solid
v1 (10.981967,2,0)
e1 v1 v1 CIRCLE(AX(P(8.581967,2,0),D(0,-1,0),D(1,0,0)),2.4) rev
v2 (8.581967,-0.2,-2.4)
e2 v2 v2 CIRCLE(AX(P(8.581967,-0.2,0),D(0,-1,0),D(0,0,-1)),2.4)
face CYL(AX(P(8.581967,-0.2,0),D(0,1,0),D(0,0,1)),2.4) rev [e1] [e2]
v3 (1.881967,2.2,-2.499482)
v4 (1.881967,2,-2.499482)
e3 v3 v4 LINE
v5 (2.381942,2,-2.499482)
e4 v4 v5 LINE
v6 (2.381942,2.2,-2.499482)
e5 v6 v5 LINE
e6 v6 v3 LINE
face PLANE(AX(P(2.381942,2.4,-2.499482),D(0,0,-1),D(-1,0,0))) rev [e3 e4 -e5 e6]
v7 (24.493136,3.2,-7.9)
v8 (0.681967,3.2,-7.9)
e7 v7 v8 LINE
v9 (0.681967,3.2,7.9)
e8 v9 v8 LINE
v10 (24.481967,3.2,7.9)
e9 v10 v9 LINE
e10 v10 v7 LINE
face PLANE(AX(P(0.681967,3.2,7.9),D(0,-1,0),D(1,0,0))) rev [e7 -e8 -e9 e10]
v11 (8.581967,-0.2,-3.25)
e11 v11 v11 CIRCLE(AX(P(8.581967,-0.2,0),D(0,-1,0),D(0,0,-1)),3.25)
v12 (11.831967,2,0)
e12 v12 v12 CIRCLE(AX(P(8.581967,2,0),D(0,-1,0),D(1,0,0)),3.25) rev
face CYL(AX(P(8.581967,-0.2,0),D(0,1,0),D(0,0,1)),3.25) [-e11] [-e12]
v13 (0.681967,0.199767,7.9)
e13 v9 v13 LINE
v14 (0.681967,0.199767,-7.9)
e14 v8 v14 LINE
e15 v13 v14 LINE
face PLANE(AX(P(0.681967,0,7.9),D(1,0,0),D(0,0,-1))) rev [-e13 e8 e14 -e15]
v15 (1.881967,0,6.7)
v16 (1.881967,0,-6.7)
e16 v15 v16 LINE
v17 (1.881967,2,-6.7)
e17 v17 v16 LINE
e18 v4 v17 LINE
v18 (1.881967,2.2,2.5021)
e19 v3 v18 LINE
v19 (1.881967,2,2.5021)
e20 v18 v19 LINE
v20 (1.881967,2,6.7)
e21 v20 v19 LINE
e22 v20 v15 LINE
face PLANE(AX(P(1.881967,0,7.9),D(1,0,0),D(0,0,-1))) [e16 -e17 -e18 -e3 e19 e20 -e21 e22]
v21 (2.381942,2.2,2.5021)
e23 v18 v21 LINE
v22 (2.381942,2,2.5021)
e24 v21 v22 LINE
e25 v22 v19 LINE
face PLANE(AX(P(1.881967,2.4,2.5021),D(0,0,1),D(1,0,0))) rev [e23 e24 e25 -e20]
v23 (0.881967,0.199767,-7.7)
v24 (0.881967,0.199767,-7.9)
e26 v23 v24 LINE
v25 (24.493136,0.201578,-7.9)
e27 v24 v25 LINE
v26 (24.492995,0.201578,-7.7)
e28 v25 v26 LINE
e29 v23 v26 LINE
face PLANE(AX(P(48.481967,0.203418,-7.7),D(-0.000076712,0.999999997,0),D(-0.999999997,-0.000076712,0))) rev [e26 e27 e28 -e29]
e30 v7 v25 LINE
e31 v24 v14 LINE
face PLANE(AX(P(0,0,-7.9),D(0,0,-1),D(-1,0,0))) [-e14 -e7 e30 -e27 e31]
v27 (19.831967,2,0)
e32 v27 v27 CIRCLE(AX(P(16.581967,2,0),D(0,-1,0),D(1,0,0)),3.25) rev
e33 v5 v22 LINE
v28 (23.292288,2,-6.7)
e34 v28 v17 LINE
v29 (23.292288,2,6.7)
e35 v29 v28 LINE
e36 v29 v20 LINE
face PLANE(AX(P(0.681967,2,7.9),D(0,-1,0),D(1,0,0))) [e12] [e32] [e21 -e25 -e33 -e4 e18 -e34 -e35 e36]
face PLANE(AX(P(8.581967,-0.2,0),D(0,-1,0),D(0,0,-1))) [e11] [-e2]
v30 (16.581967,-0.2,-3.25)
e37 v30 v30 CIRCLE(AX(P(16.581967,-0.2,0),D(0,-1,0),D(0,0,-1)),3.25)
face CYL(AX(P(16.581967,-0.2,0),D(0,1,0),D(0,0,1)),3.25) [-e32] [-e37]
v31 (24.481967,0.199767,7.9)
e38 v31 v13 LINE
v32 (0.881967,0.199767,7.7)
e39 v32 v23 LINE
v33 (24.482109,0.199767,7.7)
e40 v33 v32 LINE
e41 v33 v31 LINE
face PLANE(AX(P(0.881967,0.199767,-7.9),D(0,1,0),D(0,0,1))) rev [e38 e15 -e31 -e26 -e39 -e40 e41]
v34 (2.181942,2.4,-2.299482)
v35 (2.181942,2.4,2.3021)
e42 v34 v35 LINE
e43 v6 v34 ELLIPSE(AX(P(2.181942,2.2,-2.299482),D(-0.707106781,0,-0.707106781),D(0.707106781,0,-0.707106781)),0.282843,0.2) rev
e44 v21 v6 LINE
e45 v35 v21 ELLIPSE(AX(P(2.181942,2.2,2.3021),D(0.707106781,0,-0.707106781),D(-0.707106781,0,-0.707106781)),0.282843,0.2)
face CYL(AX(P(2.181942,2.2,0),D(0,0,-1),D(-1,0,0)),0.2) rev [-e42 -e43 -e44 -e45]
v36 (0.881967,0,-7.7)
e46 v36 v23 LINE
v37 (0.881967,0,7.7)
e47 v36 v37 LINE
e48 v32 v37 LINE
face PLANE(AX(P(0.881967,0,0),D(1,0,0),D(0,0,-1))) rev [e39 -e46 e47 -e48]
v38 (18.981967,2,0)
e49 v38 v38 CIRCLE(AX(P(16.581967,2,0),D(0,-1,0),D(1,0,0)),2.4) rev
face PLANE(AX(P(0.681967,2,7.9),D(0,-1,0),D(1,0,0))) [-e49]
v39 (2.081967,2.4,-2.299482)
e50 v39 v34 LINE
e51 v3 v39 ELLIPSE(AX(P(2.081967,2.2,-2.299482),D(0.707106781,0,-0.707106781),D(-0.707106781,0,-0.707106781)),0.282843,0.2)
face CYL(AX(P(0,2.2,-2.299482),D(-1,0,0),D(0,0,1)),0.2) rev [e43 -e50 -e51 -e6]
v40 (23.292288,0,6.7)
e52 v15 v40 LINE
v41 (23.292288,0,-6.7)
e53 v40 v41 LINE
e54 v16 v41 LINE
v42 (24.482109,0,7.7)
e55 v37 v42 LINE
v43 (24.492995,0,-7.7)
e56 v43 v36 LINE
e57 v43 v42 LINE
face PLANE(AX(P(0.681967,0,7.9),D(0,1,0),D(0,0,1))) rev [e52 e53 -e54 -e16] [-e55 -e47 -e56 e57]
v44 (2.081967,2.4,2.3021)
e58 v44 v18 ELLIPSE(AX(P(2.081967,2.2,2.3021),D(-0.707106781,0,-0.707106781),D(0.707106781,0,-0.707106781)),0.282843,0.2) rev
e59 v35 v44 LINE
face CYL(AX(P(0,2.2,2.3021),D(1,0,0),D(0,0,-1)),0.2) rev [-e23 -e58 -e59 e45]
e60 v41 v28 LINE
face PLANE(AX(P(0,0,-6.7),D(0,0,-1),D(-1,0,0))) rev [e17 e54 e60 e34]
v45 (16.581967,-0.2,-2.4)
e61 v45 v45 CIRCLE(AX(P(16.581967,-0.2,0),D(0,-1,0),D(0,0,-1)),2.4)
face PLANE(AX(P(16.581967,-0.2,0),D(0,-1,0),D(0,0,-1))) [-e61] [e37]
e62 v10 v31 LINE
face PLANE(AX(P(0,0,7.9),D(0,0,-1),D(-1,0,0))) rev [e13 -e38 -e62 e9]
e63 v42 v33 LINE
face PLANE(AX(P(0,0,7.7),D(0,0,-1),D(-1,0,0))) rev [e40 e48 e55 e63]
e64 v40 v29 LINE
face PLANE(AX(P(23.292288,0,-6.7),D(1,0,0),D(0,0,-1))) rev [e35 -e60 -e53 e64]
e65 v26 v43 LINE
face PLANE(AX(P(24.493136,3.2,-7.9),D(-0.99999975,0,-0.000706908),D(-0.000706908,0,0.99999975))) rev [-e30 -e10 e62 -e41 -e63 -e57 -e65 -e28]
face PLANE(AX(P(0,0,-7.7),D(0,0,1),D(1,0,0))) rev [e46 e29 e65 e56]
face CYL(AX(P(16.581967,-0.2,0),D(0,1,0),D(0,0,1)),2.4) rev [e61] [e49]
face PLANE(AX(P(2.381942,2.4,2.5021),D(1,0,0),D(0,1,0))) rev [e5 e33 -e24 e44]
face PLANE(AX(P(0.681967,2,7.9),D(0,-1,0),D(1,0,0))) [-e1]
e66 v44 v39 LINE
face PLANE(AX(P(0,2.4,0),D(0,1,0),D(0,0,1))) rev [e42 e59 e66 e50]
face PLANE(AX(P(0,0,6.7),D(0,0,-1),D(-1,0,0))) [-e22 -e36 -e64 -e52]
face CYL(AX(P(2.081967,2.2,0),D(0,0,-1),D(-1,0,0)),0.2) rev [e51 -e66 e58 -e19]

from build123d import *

# Parameters (mm, degrees)
MAINBASESKETCH_W              = 47.8
MAINBASESKETCH_H              = 3.2
MAINBASEEXTRUDE_DEPTH         = 7.9
MAINBASESHELL_T               = -1.2
UNDERSIDECIRCLEEXT_START      = -0.2
UNDERSIDECIRCLESKETCH_R       = 3.25
UNDERSIDECIRCLESKETCH_R_2     = 2.4
UNDERSIDECIRCLEEXT_DEPTH      = 2.4
UNDERSIDECIRCLEPATTERN_COUNT  = 2
UNDERSIDECIRCLEPATTERN_PITCH  = 8
EXTENDEDBASEEDGECUT_DEPTH     = 0.2
EXTENDEDBASEEDGECUT2_DEPTH    = 0.2
EXTENDEDBASEEDGECUT3_DEPTH    = 0.2
EXTENDEDBASEEDGESKETCH4_W     = 47.4
EXTENDEDBASEEDGESKETCH4_H     = 0.199766916
EXTENDEDBASEEDGECUT4_DEPTH    = 0.2
EXTENDEDNBASEUNDERNOTCH_DEPTH = 0.4
EXTENDEBASENOTCHFILLET_R      = 0.2
CUT_EXTRUDE61_DEPTH           = 50.22551315
CUT_EXTRUDE61_DEPTH_BACK      = 50.22551315


with BuildPart() as part:
    # MainBaseSketch → MainBaseExtrude (new, symmetric)
    with BuildSketch(Plane.XY):
        with Locations((24.581967213, 1.6)):
            Rectangle(MAINBASESKETCH_W, MAINBASESKETCH_H)
    extrude(amount=MAINBASEEXTRUDE_DEPTH, both=True)

    # MainBaseShell
    mainbaseshell_openings = [part.faces().sort_by_distance(p)[0] for p in [
        (24.581967213, 0, 0),
    ]]
    offset(amount=MAINBASESHELL_T, openings=mainbaseshell_openings, kind=Kind.INTERSECTION)

    # UnderSideCircleSketch → UnderSideCircleExt (add)
    with BuildSketch(Plane.XZ.offset(-2).offset(UNDERSIDECIRCLEEXT_START)):
        with Locations((8.581967213, 0)):
            Circle(UNDERSIDECIRCLESKETCH_R)
        with Locations((8.581967213, 0)):
            Circle(UNDERSIDECIRCLESKETCH_R_2, mode=Mode.SUBTRACT)
    undersidecircleext = extrude(amount=UNDERSIDECIRCLEEXT_DEPTH)

    # UnderSideCirclePattern: UnderSideCircleExt ×2
    with Locations(*[(i * UNDERSIDECIRCLEPATTERN_PITCH, 0, 0) for i in range(1, UNDERSIDECIRCLEPATTERN_COUNT)]):
        add(undersidecircleext)

    # ExtendedBaseEdgeSketch → ExtendedBaseEdgeCut (cut)
    with BuildSketch(Plane.ZY.offset(-0.681967213)):
        Polygon((-7.9, 0), (-7.9, 0.199766916), (-7.702184024, 0.199766916), (7.702184024, 0.199766916), (7.9, 0.199766916), (7.9, 0), (7.702184024, 0), (-7.702184024, 0), align=None)
    extrude(amount=-EXTENDEDBASEEDGECUT_DEPTH, mode=Mode.SUBTRACT)

    # ExtendedBaseEdgeSketch2 → ExtendedBaseEdgeCut2 (cut)
    with BuildSketch(Plane(origin=(0, 0, -7.9), x_dir=(-1, 0, 0), z_dir=(0, 0, -1))):
        Polygon((-48.481967213, 0), (-48.481967213, 0.203418418), (-0.881967213, 0.199766916), (-0.881967213, 0), align=None)
    extrude(amount=-EXTENDEDBASEEDGECUT2_DEPTH, mode=Mode.SUBTRACT)

    # ExtendedBaseEdgeSketch3 → ExtendedBaseEdgeCut3 (cut)
    with BuildSketch(Plane(origin=(48.481967213, 0, 0), x_dir=(0, 0, -1), z_dir=(1, 0, 0))):
        Polygon((-7.9, 0), (-7.9, 0.199766916), (7.7, 0.203418418), (7.7, 0), align=None)
    extrude(amount=-EXTENDEDBASEEDGECUT3_DEPTH, mode=Mode.SUBTRACT)

    # ExtendedBaseEdgeSketch4 → ExtendedBaseEdgeCut4 (cut)
    with BuildSketch(Plane.XY.offset(7.9)):
        with Locations((24.581967213, 0.099883458)):
            Rectangle(EXTENDEDBASEEDGESKETCH4_W, EXTENDEDBASEEDGESKETCH4_H)
    extrude(amount=-EXTENDEDBASEEDGECUT4_DEPTH, mode=Mode.SUBTRACT)

    # ExtendedbaseUnderNotchSketch → ExtendednbaseUnderNotch (cut)
    with BuildSketch(Plane.XZ.offset(-2)):
        Polygon((1.881967213, 0), (1.881967213, 2.502100162), (2.381942481, 2.502100162), (2.381942481, -2.499482153), (1.881967213, -2.499482153), align=None)
    extrude(amount=-EXTENDEDNBASEUNDERNOTCH_DEPTH, mode=Mode.SUBTRACT)

    # ExtendebaseNotchFillet
    extendebasenotchfillet_edges = [part.edges().sort_by_distance(p)[0] for p in [
        (1.881967213, 2.4, 0.001309004),
        (2.131954847, 2.4, 2.502100162),
        (2.381942481, 2.4, 0.001309004),
        (2.131954847, 2.4, -2.499482153),
    ]]
    fillet(extendebasenotchfillet_edges, radius=EXTENDEBASENOTCHFILLET_R)

    # Sketch180 → Cut-Extrude61 (cut, two sides: drawn at the far end of the back side and taken through both)
    with BuildSketch(Plane(origin=(0, 0, 0), x_dir=(-1, 0, 0), z_dir=(0, -1, 0)).offset(-CUT_EXTRUDE61_DEPTH_BACK)):
        Polygon((-48.481967213, 7.9), (-24.493136363, 7.9), (-24.481967213, -7.9), (-48.481967213, -7.9), align=None)
    extrude(amount=CUT_EXTRUDE61_DEPTH + CUT_EXTRUDE61_DEPTH_BACK, mode=Mode.SUBTRACT)

    # Sweep30: sweep along a curve in space
    with BuildLine() as sweep30_path:
        Line((24.492288074, 0, -6.7), (24.492288074, 2, -6.7))
    # Sketch181 → Sweep30 (sweep)
    with BuildSketch(Plane(origin=(0, 0, 0), x_dir=(-1, 0, 0), z_dir=(0, -1, 0))):
        Polygon((-24.492288074, 6.7), (-23.292288074, 6.7), (-23.292288074, -6.7), (-24.482815503, -6.7), align=None)
    sweep(path=sweep30_path.line)


solid = part.part
